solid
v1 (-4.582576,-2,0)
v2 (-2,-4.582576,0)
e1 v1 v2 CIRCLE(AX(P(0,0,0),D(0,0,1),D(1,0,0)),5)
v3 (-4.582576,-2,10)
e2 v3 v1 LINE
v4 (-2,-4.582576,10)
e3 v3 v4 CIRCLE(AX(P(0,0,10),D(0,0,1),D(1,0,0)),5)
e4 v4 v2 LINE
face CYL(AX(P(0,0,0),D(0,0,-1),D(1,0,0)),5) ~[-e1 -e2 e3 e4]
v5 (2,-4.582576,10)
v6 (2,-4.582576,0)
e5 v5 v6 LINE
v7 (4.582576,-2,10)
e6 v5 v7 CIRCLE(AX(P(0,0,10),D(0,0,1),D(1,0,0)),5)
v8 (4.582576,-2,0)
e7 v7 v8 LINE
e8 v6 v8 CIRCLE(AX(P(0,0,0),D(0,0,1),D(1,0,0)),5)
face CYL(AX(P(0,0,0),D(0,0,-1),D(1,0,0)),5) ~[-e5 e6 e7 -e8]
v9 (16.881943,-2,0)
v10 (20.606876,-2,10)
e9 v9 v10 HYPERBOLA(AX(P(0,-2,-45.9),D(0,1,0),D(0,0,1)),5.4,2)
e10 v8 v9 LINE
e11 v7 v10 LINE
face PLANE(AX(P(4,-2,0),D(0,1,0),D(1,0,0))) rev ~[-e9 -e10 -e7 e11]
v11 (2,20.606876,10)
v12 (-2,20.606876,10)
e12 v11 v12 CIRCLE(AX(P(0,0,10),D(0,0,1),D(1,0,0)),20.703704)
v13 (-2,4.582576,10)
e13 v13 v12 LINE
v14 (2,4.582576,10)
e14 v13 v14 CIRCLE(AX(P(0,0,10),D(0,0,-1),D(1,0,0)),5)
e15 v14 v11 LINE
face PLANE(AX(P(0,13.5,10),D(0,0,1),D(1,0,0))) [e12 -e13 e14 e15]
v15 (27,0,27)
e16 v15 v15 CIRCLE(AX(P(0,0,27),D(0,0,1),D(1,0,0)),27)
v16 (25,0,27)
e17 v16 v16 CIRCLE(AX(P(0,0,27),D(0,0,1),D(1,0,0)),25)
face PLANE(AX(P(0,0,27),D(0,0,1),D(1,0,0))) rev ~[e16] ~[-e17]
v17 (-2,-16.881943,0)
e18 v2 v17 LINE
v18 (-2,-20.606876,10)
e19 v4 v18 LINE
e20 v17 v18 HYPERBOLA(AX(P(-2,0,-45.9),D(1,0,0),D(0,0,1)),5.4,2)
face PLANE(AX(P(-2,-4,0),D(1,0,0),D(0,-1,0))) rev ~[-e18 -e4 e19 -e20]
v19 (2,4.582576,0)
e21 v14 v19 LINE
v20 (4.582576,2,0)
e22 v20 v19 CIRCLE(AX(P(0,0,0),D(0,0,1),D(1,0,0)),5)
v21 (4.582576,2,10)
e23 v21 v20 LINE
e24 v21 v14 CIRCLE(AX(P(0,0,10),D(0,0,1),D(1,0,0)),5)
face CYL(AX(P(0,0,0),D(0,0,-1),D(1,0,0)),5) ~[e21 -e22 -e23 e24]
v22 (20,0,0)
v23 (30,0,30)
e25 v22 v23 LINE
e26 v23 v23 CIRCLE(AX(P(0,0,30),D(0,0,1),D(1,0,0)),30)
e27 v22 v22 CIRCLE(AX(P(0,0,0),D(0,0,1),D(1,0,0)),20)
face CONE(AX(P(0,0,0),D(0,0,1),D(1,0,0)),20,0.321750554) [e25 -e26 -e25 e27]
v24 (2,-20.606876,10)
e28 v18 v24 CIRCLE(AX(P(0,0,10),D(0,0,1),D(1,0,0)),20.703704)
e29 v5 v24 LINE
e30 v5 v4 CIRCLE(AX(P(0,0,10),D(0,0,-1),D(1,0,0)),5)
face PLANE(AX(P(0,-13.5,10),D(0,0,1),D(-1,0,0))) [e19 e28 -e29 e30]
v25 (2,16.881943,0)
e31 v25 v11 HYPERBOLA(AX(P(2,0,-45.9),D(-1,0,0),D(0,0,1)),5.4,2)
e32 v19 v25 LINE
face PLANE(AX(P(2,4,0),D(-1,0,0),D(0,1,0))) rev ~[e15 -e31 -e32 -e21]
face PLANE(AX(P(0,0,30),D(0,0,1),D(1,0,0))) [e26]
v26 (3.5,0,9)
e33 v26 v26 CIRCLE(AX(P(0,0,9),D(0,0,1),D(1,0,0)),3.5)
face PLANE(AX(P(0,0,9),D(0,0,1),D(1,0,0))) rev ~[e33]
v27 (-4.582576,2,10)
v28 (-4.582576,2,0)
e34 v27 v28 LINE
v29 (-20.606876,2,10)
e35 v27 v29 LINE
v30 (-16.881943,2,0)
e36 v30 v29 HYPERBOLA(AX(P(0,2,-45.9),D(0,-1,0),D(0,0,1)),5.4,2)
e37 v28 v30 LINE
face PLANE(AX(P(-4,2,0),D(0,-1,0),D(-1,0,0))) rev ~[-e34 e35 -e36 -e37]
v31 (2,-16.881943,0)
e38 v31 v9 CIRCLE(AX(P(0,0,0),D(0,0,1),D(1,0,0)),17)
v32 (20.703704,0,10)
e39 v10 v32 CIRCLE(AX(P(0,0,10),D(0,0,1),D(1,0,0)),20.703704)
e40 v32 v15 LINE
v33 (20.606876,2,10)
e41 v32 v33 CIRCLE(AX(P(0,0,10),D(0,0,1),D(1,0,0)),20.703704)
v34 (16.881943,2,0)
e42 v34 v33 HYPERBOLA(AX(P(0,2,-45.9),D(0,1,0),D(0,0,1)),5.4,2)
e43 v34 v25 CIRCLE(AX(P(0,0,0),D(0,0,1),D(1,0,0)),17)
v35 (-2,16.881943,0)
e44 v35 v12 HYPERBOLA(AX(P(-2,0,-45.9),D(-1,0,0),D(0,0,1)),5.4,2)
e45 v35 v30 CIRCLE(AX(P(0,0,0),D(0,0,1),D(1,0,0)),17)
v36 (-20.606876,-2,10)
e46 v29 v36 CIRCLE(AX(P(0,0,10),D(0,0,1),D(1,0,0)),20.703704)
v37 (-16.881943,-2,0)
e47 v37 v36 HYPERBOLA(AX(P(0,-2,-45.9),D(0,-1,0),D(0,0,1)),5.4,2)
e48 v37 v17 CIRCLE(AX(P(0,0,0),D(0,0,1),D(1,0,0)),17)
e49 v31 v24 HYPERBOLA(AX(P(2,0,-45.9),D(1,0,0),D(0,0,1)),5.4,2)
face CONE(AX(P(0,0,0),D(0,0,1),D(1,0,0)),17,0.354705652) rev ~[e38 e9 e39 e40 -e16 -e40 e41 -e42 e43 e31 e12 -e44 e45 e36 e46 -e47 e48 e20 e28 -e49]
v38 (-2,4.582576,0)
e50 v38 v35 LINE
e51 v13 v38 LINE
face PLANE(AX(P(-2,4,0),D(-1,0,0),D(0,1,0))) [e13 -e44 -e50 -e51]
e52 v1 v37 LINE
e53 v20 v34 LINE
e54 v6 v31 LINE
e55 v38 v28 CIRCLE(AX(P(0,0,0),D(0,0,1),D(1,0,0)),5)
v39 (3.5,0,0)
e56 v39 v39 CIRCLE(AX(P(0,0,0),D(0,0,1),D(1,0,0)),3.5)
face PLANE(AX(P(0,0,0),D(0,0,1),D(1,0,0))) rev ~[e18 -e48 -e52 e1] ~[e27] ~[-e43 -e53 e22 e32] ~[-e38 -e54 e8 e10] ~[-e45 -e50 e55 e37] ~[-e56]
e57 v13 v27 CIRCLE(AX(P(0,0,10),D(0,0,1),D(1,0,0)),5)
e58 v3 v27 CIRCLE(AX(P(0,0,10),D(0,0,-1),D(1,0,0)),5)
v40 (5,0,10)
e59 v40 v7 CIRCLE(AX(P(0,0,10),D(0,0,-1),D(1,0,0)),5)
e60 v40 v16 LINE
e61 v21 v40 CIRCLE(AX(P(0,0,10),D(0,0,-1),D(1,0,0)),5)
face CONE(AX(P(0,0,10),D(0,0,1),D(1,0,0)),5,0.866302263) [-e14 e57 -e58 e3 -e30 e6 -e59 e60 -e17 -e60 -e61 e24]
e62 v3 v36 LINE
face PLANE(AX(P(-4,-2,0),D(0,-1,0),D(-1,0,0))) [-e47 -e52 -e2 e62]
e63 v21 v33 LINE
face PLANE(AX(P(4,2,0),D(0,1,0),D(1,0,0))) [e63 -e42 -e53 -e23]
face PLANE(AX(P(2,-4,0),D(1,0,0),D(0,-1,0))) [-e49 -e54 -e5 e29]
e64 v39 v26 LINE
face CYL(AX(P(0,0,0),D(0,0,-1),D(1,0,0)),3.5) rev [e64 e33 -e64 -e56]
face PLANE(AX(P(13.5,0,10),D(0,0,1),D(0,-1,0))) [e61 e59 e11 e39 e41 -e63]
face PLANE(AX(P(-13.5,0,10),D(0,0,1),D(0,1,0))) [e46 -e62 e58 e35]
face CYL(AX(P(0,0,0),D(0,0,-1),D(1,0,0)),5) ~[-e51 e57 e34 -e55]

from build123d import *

# Parameters (mm, degrees)
BOX001_W               = 4
BOX001_H               = 19
BOX001_DEPTH           = 10
BOX001_PLACEMENT_ANGLE = 90
POCKET001_DEPTH        = 5
BOX002_W               = 4
BOX002_H               = 19
BOX002_DEPTH           = 10
POCKET002_DEPTH        = 5
BOX003_W               = 4
BOX003_H               = 19
BOX003_DEPTH           = 10
BOX003_PLACEMENT_ANGLE = -90
POCKET003_DEPTH        = 5
BOX_W                  = 4
BOX_H                  = 19
BOX_DEPTH              = 10
POCKET_DEPTH           = 5
CYLINDER_R             = 3.5
CYLINDER_DEPTH         = 9
CYLINDER001_R          = 5
CYLINDER001_DEPTH      = 12


with BuildPart() as pocket001:
    # Box001 → Box001 (new body)
    with BuildSketch(Plane.XY):
        with Locations((2, 9.5)):
            Rectangle(BOX001_W, BOX001_H)
    extrude(amount=BOX001_DEPTH)


with BuildPart() as pocket001_1:
    # Box001 placement: moved
    add(pocket001.part.moved(Location((-4, -2, 0))).rotate(Axis((-4, -2, 0), (0, 0, 1)), BOX001_PLACEMENT_ANGLE))

    # Sketch001 → Pocket001 (cut)
    with BuildSketch(Plane(origin=(-4, 2, 0), x_dir=(-1, 0, 0), z_dir=(0, 1, 0))):
        Polygon((14.366066, 0), (19, 0), (19, 10), (17.795696, 10), align=None)
    extrude(amount=-POCKET001_DEPTH, mode=Mode.SUBTRACT)


with BuildPart() as pocket002:
    # Box002 → Box002 (new body)
    with BuildSketch(Plane(origin=(2, -4, 0), x_dir=(-1, 0, 0), z_dir=(0, 0, 1))):
        with Locations((2, 9.5)):
            Rectangle(BOX002_W, BOX002_H)
    extrude(amount=BOX002_DEPTH)

    # Sketch002 → Pocket002 (cut)
    with BuildSketch(Plane(origin=(-2, -4, 0), x_dir=(0, -1, 0), z_dir=(-1, 0, 0))):
        Polygon((14.366066, 0), (19, 0), (19, 10), (17.795696, 10), align=None)
    extrude(amount=-POCKET002_DEPTH, mode=Mode.SUBTRACT)


with BuildPart() as pocket003:
    # Box003 → Box003 (new body)
    with BuildSketch(Plane.XY):
        with Locations((2, 9.5)):
            Rectangle(BOX003_W, BOX003_H)
    extrude(amount=BOX003_DEPTH)


with BuildPart() as pocket003_1:
    # Box003 placement: moved
    add(pocket003.part.moved(Location((4, 2, 0))).rotate(Axis((4, 2, 0), (0, 0, 1)), BOX003_PLACEMENT_ANGLE))

    # Sketch003 → Pocket003 (cut)
    with BuildSketch(Plane(origin=(4, -2, 0), x_dir=(1, 0, 0), z_dir=(0, -1, 0))):
        Polygon((14.366066, 0), (19, 0), (19, 10), (17.795696, 10), align=None)
    extrude(amount=-POCKET003_DEPTH, mode=Mode.SUBTRACT)


with BuildPart() as fusion:
    # Box → Box (new body)
    with BuildSketch(Plane(origin=(-2, 4, 0), x_dir=(1, 0, 0), z_dir=(0, 0, 1))):
        with Locations((2, 9.5)):
            Rectangle(BOX_W, BOX_H)
    extrude(amount=BOX_DEPTH)

    # Sketch → Pocket (cut)
    with BuildSketch(Plane(origin=(2, 4, 0), x_dir=(0, 1, 0), z_dir=(1, 0, 0))):
        Polygon((14.366066, 0), (19, 0), (19, 10), (17.795696, 10), align=None)
    extrude(amount=-POCKET_DEPTH, mode=Mode.SUBTRACT)

    # Fusion: union Pocket001, Pocket002, Pocket003
    add(pocket001_1.part)
    add(pocket002.part)
    add(pocket003_1.part)


with BuildPart() as soporte:
    # Cone002 → Cone002 (revolve)
    with BuildSketch(Plane(origin=(0, 0, 10), x_dir=(1, 0, 0), z_dir=(0, -1, 0))):
        Polygon((0, 0), (5, 0), (25, 17), (0, 17), align=None)
    revolve(axis=Axis((0, 0, 10), (0, 0, 1)))


with BuildPart() as cilindro:
    # Cylinder → Cylinder (new body)
    with BuildSketch(Plane.XY):
        Circle(CYLINDER_R)
    extrude(amount=CYLINDER_DEPTH)


with BuildPart() as fusion001:
    # Cylinder001 → Cylinder001 (new body)
    with BuildSketch(Plane.XY):
        Circle(CYLINDER001_R)
    extrude(amount=CYLINDER001_DEPTH)

    # Cut001: cut Cilindro
    add(cilindro.part, mode=Mode.SUBTRACT)

    # Fusion001: union Fusion, Soporte
    add(fusion.part)
    add(soporte.part)


with BuildPart() as cono001:
    # Cone001 → Cone001 (revolve)
    with BuildSketch(Plane.XZ):
        Polygon((0, 0), (17, 0), (27, 27), (0, 27), align=None)
    revolve(axis=Axis((0, 0, 0), (0, 0, 1)))


with BuildPart() as tapon_olla:
    # Cone → Cone (revolve)
    with BuildSketch(Plane.XZ):
        Polygon((0, 0), (20, 0), (30, 30), (0, 30), align=None)
    revolve(axis=Axis((0, 0, 0), (0, 0, 1)))

    # Cut: cut Cono001
    add(cono001.part, mode=Mode.SUBTRACT)

    # Fusion002: union Fusion001
    add(fusion001.part)


solid = tapon_olla.part
